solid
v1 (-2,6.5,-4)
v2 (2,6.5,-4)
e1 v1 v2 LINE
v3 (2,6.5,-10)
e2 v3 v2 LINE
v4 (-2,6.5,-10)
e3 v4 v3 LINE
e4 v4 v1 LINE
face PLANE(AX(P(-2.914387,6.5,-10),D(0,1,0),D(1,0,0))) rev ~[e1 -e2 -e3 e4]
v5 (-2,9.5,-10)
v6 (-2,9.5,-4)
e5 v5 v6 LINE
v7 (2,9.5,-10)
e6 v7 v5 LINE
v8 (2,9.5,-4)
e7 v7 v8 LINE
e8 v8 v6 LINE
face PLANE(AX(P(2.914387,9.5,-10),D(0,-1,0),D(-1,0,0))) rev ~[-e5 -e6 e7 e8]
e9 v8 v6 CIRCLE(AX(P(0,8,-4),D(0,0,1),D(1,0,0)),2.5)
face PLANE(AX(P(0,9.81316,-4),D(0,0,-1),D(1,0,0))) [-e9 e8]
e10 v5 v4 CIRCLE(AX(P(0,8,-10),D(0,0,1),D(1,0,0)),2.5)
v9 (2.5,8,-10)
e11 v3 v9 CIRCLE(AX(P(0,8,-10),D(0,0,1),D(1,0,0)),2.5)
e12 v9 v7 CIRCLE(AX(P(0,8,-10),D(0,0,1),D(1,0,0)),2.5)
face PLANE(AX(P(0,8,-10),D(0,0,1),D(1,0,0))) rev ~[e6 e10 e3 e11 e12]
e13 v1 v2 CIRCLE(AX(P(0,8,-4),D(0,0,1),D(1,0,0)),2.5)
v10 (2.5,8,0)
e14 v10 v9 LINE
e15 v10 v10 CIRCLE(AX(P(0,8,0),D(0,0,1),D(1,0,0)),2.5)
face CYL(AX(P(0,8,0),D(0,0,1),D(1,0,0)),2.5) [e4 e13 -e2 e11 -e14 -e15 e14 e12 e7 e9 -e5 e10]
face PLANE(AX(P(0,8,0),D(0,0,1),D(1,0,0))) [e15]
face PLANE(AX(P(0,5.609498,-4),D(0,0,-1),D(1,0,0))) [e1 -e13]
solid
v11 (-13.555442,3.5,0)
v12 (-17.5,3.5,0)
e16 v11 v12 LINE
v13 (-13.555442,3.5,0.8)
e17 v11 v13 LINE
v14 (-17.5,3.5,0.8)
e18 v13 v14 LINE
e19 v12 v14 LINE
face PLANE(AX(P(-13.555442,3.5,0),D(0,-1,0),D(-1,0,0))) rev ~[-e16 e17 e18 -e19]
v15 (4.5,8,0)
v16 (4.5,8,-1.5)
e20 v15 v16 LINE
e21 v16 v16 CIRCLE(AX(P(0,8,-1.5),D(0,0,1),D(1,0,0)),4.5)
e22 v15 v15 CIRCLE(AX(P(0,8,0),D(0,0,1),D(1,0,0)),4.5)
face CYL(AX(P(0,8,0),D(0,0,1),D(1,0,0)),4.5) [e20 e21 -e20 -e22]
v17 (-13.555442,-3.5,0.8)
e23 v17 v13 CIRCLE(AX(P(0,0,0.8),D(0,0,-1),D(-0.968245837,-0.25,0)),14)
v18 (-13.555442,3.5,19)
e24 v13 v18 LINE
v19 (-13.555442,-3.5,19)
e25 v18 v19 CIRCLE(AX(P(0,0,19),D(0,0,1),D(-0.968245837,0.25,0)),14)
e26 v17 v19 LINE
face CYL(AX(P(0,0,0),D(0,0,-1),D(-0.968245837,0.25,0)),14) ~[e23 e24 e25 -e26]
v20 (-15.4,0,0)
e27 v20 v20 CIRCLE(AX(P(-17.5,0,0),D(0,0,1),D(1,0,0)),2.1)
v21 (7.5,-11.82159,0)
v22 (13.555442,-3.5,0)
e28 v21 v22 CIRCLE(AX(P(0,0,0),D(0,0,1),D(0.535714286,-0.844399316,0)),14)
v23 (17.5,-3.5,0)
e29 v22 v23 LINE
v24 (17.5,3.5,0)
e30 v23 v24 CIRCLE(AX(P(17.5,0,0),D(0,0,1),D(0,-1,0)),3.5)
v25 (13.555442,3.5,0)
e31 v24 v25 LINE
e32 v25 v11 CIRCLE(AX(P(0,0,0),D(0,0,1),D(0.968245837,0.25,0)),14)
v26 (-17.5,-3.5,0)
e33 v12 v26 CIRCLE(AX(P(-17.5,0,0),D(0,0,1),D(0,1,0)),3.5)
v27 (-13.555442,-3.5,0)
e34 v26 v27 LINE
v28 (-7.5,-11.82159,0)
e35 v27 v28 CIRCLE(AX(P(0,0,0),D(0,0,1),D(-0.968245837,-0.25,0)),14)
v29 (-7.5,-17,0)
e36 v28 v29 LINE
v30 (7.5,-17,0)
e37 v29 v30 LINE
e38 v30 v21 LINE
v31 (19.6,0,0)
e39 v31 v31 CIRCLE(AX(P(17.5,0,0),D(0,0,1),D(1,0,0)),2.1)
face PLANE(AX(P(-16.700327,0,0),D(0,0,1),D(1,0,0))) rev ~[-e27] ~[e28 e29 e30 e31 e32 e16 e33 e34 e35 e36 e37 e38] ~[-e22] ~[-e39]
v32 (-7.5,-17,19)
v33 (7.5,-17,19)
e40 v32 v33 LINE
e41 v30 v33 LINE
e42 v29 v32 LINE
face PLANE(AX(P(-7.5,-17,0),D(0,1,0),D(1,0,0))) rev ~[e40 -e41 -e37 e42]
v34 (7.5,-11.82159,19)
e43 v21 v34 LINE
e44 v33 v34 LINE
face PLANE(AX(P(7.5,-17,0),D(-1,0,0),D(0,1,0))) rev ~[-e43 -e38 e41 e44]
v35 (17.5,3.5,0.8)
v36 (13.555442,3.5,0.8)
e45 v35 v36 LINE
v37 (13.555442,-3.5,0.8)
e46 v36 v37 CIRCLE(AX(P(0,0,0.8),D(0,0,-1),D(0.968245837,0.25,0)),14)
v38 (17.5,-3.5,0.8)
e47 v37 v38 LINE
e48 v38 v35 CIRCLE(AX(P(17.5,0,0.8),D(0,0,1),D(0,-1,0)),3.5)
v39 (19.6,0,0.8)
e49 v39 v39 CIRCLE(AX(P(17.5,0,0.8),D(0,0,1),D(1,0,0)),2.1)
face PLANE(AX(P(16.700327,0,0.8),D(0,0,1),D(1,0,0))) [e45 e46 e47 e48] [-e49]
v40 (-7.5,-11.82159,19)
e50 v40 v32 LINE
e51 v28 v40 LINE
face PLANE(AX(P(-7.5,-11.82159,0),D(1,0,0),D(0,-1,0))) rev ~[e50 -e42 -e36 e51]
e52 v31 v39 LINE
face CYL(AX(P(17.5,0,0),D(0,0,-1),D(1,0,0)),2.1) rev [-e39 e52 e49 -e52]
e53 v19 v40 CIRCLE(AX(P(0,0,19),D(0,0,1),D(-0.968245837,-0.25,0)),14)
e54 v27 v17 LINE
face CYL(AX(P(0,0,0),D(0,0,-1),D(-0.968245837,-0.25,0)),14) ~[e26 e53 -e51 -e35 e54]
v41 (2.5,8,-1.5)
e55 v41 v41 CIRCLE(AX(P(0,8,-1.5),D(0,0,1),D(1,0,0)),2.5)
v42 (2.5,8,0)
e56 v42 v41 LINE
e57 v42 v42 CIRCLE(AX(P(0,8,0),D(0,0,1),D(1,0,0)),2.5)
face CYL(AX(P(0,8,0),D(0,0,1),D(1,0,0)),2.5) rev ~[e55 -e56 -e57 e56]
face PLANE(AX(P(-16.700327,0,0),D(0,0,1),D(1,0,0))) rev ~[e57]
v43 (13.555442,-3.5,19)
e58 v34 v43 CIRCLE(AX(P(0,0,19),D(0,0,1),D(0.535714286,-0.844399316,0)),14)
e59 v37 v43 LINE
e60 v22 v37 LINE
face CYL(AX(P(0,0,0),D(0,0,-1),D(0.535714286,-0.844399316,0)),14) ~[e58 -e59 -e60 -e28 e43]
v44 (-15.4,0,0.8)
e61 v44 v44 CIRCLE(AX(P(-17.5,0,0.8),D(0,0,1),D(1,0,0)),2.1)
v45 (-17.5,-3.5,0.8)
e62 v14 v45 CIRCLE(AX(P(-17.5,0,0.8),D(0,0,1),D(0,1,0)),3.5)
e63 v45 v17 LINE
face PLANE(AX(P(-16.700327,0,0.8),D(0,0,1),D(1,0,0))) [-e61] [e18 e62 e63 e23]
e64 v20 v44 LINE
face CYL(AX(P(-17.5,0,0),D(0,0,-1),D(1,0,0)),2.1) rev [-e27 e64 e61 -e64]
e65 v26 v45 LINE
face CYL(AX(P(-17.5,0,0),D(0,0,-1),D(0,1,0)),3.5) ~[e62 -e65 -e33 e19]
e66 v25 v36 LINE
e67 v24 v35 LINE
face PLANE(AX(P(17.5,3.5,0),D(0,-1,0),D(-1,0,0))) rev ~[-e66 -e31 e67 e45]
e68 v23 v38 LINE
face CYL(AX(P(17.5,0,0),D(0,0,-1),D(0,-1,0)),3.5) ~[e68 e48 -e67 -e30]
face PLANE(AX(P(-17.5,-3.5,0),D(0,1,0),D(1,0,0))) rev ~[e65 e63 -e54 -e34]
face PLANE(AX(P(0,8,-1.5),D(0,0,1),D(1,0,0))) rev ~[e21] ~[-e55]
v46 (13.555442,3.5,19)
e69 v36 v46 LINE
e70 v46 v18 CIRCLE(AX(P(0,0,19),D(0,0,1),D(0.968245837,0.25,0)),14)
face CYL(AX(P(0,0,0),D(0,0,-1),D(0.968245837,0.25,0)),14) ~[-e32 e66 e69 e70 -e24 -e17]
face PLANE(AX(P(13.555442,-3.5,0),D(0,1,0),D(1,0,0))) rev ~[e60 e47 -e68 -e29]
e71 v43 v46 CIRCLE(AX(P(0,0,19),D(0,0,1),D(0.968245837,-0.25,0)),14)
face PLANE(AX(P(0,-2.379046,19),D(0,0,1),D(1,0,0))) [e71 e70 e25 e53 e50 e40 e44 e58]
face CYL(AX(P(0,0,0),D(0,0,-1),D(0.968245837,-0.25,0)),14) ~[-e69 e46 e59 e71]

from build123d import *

# Parameters (mm, degrees)
F0_R     = 4.5
F0_R_2   = 2.5
F1_DEPTH = 19
F0_R_3   = 2.1
F2_DEPTH = 0.8
F3_DEPTH = 1.5
F4_DEPTH = 10
F6_DEPTH = 6


with BuildPart() as f1:
    # F0 (on Top) → F1 (new body)
    with BuildSketch(Plane.XY):
        with BuildLine():
            Line((7.5, -17), (7.5, -11.8215904175))
            ThreePointArc((7.5, -11.8215904175), (11.3201202815, -8.2374071656), (13.5554417117, -3.5))
            ThreePointArc((13.5554417117, -3.5), (14, 0), (13.5554417117, 3.5))
            ThreePointArc((13.5554417117, 3.5), (0, 14), (-13.5554417117, 3.5))
            ThreePointArc((-13.5554417117, 3.5), (-14, 0), (-13.5554417117, -3.5))
            ThreePointArc((-13.5554417117, -3.5), (-11.3201202815, -8.2374071656), (-7.5, -11.8215904175))
            Line((-7.5, -11.8215904175), (-7.5, -17))
            Line((-7.5, -17), (7.5, -17))
        make_face()
        with Locations((0, 8)):
            Circle(F0_R, mode=Mode.SUBTRACT)
        with Locations((0, 8)):
            Circle(F0_R)
        with Locations((0, 8)):
            Circle(F0_R_2, mode=Mode.SUBTRACT)
        with Locations((0, 8)):
            Circle(F0_R_2)
    extrude(amount=F1_DEPTH)

    # F0 (on Top) → F2 (join)
    with BuildSketch(Plane.XY):
        with BuildLine():
            ThreePointArc((-13.5554417117, -3.5), (-14, 0), (-13.5554417117, 3.5))
            Line((-13.5554417117, 3.5), (-17.5, 3.5))
            ThreePointArc((-17.5, 3.5), (-21, 0), (-17.5, -3.5))
            Line((-17.5, -3.5), (-13.5554417117, -3.5))
        make_face()
        with Locations((-17.5, 0)):
            Circle(F0_R_3, mode=Mode.SUBTRACT)
        with BuildLine():
            ThreePointArc((13.5554417117, 3.5), (14, 0), (13.5554417117, -3.5))
            Line((13.5554417117, -3.5), (17.5, -3.5))
            ThreePointArc((17.5, -3.5), (21, 0), (17.5, 3.5))
            Line((17.5, 3.5), (13.5554417117, 3.5))
        make_face()
        with Locations((17.5, 0)):
            Circle(F0_R_3, mode=Mode.SUBTRACT)
    extrude(amount=F2_DEPTH)

    # F0 (on Top) → F3 (join)
    with BuildSketch(Plane.XY):
        with Locations((0, 8)):
            Circle(F0_R)
        with Locations((0, 8)):
            Circle(F0_R_2, mode=Mode.SUBTRACT)
    extrude(amount=-F3_DEPTH)


with BuildPart() as f4:
    # F0 (on Top) → F4 (new body)
    with BuildSketch(Plane.XY):
        with Locations((0, 8)):
            Circle(F0_R_2)
    extrude(amount=-F4_DEPTH)


with BuildPart() as f6:
    # F5 (on face) → F6 (new body)
    with BuildSketch(Plane(origin=(0, 0, -10), x_dir=(1, 0, 0), z_dir=(0, 0, -1))):
        with BuildLine():
            Line((2, -6.5), (2.9143868635, -6.5))
            Line((2.9143868635, -6.5), (2.9143868635, -5.0171855837))
            Line((2.9143868635, -5.0171855837), (-2.9143868635, -5.0171855837))
            Line((-2.9143868635, -5.0171855837), (-2.9143868635, -6.5))
            Line((-2.9143868635, -6.5), (-2, -6.5))
            ThreePointArc((-2, -6.5), (0, -5.5), (2, -6.5))
        make_face()
        with BuildLine():
            Line((-2, -6.5), (2, -6.5))
            ThreePointArc((2, -6.5), (0, -5.5), (-2, -6.5))
        make_face()
    extrude(amount=-F6_DEPTH)


with BuildPart() as f6b:
    # F5 (on face) → F6, piece 2 (new body)
    with BuildSketch(Plane(origin=(0, 0, -10), x_dir=(1, 0, 0), z_dir=(0, 0, -1))):
        with BuildLine():
            ThreePointArc((-2, -9.5), (0, -10.5), (2, -9.5))
            Line((2, -9.5), (-2, -9.5))
        make_face()
        with BuildLine():
            Line((2.9143868635, -10.8300484717), (2.9143868635, -9.5))
            Line((2.9143868635, -9.5), (2, -9.5))
            ThreePointArc((2, -9.5), (0, -10.5), (-2, -9.5))
            Line((-2, -9.5), (-2.9143868635, -9.5))
            Line((-2.9143868635, -9.5), (-2.9143868635, -10.8300484717))
            Line((-2.9143868635, -10.8300484717), (2.9143868635, -10.8300484717))
        make_face()
    extrude(amount=-F6_DEPTH)


with BuildPart() as f4_1:
    add(f4.part)

    # F7: cut F6, F6b
    add(f6.part, mode=Mode.SUBTRACT)
    add(f6b.part, mode=Mode.SUBTRACT)


solid = Compound([f1.part, f4_1.part])
